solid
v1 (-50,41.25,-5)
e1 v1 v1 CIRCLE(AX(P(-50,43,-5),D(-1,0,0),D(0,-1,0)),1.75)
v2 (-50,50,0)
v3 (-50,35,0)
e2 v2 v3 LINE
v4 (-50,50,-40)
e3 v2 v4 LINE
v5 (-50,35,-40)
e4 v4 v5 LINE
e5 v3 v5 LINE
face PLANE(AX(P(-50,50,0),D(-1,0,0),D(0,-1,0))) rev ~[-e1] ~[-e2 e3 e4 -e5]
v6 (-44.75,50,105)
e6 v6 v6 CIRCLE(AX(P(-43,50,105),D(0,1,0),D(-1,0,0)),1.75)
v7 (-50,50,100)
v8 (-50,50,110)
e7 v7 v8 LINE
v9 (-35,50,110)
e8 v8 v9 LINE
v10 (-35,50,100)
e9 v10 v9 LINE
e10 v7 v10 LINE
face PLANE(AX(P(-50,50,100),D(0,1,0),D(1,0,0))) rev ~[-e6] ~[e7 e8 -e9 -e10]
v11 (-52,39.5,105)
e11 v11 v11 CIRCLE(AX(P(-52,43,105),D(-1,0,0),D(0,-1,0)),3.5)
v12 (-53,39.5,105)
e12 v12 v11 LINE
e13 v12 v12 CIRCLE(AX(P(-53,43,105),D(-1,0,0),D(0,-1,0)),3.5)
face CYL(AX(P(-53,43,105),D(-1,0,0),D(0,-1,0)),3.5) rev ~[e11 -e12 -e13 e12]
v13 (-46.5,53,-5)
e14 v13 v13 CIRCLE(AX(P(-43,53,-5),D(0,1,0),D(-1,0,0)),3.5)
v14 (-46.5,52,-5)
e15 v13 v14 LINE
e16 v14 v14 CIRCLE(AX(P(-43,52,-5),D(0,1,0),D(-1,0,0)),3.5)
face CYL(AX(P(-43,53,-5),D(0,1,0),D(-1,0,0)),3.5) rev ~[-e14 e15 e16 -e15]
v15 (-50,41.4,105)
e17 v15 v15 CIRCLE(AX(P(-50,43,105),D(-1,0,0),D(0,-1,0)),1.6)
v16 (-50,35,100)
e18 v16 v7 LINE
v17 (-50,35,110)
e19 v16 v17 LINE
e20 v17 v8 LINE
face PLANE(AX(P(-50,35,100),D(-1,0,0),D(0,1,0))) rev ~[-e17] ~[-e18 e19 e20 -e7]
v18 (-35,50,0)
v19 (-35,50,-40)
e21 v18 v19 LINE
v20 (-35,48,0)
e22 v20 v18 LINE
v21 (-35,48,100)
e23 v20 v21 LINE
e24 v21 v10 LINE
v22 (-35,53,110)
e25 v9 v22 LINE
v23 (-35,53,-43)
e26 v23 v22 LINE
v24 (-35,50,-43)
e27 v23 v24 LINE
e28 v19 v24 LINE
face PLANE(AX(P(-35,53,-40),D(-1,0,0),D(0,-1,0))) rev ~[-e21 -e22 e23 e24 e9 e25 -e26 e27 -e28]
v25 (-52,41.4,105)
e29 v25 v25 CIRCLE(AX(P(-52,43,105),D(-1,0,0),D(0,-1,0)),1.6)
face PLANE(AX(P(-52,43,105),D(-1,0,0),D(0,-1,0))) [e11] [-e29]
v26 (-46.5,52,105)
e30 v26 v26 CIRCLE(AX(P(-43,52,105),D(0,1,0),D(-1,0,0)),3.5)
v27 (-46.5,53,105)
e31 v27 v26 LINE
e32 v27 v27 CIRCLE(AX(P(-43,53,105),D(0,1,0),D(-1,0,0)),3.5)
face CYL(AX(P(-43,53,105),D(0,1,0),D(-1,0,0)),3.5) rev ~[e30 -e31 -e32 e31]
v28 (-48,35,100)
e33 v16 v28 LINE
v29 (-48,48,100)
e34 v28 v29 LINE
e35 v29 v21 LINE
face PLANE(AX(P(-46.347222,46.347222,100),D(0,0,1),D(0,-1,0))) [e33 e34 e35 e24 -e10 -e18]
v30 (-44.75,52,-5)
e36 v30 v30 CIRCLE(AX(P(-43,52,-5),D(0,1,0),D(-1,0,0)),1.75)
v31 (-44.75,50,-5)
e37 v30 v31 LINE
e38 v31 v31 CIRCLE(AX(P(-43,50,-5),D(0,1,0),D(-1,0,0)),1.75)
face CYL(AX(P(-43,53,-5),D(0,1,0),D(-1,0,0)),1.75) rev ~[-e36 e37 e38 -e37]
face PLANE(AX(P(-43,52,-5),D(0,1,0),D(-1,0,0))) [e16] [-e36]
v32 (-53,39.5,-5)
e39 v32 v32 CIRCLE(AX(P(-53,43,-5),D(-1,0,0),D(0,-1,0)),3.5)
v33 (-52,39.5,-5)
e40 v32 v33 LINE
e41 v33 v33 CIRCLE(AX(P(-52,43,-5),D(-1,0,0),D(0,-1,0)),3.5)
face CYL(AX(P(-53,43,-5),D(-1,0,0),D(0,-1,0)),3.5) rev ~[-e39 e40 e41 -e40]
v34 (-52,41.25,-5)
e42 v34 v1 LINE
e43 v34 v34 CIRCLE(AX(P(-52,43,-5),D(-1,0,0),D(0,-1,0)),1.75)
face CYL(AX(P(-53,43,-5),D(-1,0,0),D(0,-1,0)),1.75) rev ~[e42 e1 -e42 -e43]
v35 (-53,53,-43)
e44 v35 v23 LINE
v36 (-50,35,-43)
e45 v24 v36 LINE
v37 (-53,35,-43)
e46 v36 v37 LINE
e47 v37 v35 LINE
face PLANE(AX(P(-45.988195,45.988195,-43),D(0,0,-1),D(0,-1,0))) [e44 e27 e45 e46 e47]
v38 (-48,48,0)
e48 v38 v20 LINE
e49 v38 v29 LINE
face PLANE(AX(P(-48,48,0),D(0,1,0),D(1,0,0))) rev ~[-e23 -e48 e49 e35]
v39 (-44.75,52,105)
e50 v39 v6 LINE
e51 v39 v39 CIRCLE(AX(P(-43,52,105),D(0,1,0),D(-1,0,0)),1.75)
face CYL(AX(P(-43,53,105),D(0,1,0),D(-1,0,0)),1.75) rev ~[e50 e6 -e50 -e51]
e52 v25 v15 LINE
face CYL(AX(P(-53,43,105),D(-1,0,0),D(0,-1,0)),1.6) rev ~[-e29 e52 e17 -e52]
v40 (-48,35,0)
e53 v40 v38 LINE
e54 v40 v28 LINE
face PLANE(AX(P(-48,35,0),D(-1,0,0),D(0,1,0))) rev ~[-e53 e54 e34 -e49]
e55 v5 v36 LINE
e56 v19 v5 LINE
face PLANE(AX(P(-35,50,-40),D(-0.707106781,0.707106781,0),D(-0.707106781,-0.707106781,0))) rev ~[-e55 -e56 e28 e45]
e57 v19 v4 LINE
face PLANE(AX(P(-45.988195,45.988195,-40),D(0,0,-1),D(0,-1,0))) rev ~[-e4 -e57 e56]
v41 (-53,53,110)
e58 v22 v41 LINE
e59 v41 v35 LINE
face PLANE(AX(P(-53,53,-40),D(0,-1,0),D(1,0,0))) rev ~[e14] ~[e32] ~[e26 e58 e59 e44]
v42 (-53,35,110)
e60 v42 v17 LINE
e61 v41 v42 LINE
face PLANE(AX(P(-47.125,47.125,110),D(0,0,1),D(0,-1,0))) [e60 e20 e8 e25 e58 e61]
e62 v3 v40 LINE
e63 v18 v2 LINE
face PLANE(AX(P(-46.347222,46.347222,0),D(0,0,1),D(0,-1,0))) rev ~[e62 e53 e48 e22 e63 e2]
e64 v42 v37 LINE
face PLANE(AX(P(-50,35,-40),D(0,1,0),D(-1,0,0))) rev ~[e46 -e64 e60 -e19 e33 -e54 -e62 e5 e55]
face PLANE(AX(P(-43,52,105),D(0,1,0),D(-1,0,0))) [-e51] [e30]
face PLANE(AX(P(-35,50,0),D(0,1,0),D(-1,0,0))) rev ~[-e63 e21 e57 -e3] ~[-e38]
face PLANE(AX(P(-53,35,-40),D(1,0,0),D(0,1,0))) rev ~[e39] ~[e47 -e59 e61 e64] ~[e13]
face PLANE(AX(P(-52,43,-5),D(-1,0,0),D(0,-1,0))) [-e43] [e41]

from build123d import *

# Parameters (mm, degrees)
PAD020_DEPTH            = 100
PAD023_DEPTH            = 10
SKETCH059_R             = 1.6
POCKET039_DEPTH         = 5
SKETCH060_R             = 3.5
POCKET035_DEPTH         = 1
SKETCH061_R             = 1.75
POCKET036_DEPTH         = 5
SKETCH062_R             = 3.5
POCKET037_DEPTH         = 1
PAD021_DEPTH            = 40
PAD022_DEPTH            = 3
SKETCH055_R             = 1.75
POCKET038_DEPTH         = 5
SKETCH066_R             = 3.5
POCKET042_DEPTH         = 1
SKETCH064_R             = 1.75
POCKET040_DEPTH         = 5
SKETCH065_R             = 3.5
POCKET041_DEPTH         = 1
BODY007_PLACEMENT_ANGLE = 90


with BuildPart() as part:
    # Sketch056 → Pad020 (new body)
    with BuildSketch(Plane.XY):
        Polygon((-53, -35), (-53, -53), (-35, -53), (-35, -48), (-48, -48), (-48, -35), align=None)
    extrude(amount=PAD020_DEPTH)

    # Sketch058 (on Face8 of Pad020) → Pad023 (join)
    with BuildSketch(Plane.XY.offset(100)):
        Polygon((-53, -35), (-53, -53), (-35, -53), (-35, -50), (-50, -50), (-50, -35), align=None)
    extrude(amount=PAD023_DEPTH)

    # Sketch059 (on Face14 of Pad023) → Pocket039 (cut)
    with BuildSketch(Plane.XZ.offset(53)):
        with Locations((-43, 105)):
            Circle(SKETCH059_R)
    extrude(amount=-POCKET039_DEPTH, mode=Mode.SUBTRACT)

    # Sketch060 (on Face14 of Pocket039) → Pocket035 (cut)
    with BuildSketch(Plane.XZ.offset(53)):
        with Locations((-43, 105)):
            Circle(SKETCH060_R)
    extrude(amount=-POCKET035_DEPTH, mode=Mode.SUBTRACT)

    # Sketch061 (on Face9 of Pocket035) → Pocket036 (cut)
    with BuildSketch(Plane(origin=(-53, 0, 0), x_dir=(0, -1, 0), z_dir=(-1, 0, 0))):
        with Locations((43, 105)):
            Circle(SKETCH061_R)
    extrude(amount=-POCKET036_DEPTH, mode=Mode.SUBTRACT)

    # Sketch062 (on Face9 of Pocket036) → Pocket037 (cut)
    with BuildSketch(Plane(origin=(-53, 0, 0), x_dir=(0, -1, 0), z_dir=(-1, 0, 0))):
        with Locations((43, 105)):
            Circle(SKETCH062_R)
    extrude(amount=-POCKET037_DEPTH, mode=Mode.SUBTRACT)

    # Sketch057 (on Face4 of Pocket037) → Pad021 (join)
    with BuildSketch(Plane(origin=(0, 0, 0), x_dir=(1, 0, 0), z_dir=(0, 0, -1))):
        Polygon((-35, 53), (-53, 53), (-53, 35), (-50, 35), (-50, 50), (-35, 50), align=None)
    extrude(amount=PAD021_DEPTH)

    # Sketch063 (on Face15 of Pad021) → Pad022 (join)
    with BuildSketch(Plane(origin=(0, 0, -40), x_dir=(1, 0, 0), z_dir=(0, 0, -1))):
        Polygon((-35, 50), (-35, 53), (-53, 53), (-53, 35), (-50, 35), align=None)
    extrude(amount=PAD022_DEPTH)

    # Sketch055 (on Face10 of Pad022) → Pocket038 (cut)
    with BuildSketch(Plane(origin=(-53, 0, 0), x_dir=(0, -1, 0), z_dir=(-1, 0, 0))):
        with Locations((43, -5)):
            Circle(SKETCH055_R)
    extrude(amount=-POCKET038_DEPTH, mode=Mode.SUBTRACT)

    # Sketch066 (on Face10 of Pocket038) → Pocket042 (cut)
    with BuildSketch(Plane(origin=(-53, 0, 0), x_dir=(0, -1, 0), z_dir=(-1, 0, 0))):
        with Locations((43, -5)):
            Circle(SKETCH066_R)
    extrude(amount=-POCKET042_DEPTH, mode=Mode.SUBTRACT)

    # Sketch064 (on Face19 of Pocket042) → Pocket040 (cut)
    with BuildSketch(Plane.XZ.offset(53)):
        with Locations((-43, -5)):
            Circle(SKETCH064_R)
    extrude(amount=-POCKET040_DEPTH, mode=Mode.SUBTRACT)

    # Sketch065 (on Face19 of Pocket040) → Pocket041 (cut)
    with BuildSketch(Plane.XZ.offset(53)):
        with Locations((-43, -5)):
            Circle(SKETCH065_R)
    extrude(amount=-POCKET041_DEPTH, mode=Mode.SUBTRACT)


with BuildPart() as part_1:
    # Body007 placement: moved
    add(part.part.rotate(Axis((0, 0, 0), (0, 0, -1)), BODY007_PLACEMENT_ANGLE))


solid = part_1.part
